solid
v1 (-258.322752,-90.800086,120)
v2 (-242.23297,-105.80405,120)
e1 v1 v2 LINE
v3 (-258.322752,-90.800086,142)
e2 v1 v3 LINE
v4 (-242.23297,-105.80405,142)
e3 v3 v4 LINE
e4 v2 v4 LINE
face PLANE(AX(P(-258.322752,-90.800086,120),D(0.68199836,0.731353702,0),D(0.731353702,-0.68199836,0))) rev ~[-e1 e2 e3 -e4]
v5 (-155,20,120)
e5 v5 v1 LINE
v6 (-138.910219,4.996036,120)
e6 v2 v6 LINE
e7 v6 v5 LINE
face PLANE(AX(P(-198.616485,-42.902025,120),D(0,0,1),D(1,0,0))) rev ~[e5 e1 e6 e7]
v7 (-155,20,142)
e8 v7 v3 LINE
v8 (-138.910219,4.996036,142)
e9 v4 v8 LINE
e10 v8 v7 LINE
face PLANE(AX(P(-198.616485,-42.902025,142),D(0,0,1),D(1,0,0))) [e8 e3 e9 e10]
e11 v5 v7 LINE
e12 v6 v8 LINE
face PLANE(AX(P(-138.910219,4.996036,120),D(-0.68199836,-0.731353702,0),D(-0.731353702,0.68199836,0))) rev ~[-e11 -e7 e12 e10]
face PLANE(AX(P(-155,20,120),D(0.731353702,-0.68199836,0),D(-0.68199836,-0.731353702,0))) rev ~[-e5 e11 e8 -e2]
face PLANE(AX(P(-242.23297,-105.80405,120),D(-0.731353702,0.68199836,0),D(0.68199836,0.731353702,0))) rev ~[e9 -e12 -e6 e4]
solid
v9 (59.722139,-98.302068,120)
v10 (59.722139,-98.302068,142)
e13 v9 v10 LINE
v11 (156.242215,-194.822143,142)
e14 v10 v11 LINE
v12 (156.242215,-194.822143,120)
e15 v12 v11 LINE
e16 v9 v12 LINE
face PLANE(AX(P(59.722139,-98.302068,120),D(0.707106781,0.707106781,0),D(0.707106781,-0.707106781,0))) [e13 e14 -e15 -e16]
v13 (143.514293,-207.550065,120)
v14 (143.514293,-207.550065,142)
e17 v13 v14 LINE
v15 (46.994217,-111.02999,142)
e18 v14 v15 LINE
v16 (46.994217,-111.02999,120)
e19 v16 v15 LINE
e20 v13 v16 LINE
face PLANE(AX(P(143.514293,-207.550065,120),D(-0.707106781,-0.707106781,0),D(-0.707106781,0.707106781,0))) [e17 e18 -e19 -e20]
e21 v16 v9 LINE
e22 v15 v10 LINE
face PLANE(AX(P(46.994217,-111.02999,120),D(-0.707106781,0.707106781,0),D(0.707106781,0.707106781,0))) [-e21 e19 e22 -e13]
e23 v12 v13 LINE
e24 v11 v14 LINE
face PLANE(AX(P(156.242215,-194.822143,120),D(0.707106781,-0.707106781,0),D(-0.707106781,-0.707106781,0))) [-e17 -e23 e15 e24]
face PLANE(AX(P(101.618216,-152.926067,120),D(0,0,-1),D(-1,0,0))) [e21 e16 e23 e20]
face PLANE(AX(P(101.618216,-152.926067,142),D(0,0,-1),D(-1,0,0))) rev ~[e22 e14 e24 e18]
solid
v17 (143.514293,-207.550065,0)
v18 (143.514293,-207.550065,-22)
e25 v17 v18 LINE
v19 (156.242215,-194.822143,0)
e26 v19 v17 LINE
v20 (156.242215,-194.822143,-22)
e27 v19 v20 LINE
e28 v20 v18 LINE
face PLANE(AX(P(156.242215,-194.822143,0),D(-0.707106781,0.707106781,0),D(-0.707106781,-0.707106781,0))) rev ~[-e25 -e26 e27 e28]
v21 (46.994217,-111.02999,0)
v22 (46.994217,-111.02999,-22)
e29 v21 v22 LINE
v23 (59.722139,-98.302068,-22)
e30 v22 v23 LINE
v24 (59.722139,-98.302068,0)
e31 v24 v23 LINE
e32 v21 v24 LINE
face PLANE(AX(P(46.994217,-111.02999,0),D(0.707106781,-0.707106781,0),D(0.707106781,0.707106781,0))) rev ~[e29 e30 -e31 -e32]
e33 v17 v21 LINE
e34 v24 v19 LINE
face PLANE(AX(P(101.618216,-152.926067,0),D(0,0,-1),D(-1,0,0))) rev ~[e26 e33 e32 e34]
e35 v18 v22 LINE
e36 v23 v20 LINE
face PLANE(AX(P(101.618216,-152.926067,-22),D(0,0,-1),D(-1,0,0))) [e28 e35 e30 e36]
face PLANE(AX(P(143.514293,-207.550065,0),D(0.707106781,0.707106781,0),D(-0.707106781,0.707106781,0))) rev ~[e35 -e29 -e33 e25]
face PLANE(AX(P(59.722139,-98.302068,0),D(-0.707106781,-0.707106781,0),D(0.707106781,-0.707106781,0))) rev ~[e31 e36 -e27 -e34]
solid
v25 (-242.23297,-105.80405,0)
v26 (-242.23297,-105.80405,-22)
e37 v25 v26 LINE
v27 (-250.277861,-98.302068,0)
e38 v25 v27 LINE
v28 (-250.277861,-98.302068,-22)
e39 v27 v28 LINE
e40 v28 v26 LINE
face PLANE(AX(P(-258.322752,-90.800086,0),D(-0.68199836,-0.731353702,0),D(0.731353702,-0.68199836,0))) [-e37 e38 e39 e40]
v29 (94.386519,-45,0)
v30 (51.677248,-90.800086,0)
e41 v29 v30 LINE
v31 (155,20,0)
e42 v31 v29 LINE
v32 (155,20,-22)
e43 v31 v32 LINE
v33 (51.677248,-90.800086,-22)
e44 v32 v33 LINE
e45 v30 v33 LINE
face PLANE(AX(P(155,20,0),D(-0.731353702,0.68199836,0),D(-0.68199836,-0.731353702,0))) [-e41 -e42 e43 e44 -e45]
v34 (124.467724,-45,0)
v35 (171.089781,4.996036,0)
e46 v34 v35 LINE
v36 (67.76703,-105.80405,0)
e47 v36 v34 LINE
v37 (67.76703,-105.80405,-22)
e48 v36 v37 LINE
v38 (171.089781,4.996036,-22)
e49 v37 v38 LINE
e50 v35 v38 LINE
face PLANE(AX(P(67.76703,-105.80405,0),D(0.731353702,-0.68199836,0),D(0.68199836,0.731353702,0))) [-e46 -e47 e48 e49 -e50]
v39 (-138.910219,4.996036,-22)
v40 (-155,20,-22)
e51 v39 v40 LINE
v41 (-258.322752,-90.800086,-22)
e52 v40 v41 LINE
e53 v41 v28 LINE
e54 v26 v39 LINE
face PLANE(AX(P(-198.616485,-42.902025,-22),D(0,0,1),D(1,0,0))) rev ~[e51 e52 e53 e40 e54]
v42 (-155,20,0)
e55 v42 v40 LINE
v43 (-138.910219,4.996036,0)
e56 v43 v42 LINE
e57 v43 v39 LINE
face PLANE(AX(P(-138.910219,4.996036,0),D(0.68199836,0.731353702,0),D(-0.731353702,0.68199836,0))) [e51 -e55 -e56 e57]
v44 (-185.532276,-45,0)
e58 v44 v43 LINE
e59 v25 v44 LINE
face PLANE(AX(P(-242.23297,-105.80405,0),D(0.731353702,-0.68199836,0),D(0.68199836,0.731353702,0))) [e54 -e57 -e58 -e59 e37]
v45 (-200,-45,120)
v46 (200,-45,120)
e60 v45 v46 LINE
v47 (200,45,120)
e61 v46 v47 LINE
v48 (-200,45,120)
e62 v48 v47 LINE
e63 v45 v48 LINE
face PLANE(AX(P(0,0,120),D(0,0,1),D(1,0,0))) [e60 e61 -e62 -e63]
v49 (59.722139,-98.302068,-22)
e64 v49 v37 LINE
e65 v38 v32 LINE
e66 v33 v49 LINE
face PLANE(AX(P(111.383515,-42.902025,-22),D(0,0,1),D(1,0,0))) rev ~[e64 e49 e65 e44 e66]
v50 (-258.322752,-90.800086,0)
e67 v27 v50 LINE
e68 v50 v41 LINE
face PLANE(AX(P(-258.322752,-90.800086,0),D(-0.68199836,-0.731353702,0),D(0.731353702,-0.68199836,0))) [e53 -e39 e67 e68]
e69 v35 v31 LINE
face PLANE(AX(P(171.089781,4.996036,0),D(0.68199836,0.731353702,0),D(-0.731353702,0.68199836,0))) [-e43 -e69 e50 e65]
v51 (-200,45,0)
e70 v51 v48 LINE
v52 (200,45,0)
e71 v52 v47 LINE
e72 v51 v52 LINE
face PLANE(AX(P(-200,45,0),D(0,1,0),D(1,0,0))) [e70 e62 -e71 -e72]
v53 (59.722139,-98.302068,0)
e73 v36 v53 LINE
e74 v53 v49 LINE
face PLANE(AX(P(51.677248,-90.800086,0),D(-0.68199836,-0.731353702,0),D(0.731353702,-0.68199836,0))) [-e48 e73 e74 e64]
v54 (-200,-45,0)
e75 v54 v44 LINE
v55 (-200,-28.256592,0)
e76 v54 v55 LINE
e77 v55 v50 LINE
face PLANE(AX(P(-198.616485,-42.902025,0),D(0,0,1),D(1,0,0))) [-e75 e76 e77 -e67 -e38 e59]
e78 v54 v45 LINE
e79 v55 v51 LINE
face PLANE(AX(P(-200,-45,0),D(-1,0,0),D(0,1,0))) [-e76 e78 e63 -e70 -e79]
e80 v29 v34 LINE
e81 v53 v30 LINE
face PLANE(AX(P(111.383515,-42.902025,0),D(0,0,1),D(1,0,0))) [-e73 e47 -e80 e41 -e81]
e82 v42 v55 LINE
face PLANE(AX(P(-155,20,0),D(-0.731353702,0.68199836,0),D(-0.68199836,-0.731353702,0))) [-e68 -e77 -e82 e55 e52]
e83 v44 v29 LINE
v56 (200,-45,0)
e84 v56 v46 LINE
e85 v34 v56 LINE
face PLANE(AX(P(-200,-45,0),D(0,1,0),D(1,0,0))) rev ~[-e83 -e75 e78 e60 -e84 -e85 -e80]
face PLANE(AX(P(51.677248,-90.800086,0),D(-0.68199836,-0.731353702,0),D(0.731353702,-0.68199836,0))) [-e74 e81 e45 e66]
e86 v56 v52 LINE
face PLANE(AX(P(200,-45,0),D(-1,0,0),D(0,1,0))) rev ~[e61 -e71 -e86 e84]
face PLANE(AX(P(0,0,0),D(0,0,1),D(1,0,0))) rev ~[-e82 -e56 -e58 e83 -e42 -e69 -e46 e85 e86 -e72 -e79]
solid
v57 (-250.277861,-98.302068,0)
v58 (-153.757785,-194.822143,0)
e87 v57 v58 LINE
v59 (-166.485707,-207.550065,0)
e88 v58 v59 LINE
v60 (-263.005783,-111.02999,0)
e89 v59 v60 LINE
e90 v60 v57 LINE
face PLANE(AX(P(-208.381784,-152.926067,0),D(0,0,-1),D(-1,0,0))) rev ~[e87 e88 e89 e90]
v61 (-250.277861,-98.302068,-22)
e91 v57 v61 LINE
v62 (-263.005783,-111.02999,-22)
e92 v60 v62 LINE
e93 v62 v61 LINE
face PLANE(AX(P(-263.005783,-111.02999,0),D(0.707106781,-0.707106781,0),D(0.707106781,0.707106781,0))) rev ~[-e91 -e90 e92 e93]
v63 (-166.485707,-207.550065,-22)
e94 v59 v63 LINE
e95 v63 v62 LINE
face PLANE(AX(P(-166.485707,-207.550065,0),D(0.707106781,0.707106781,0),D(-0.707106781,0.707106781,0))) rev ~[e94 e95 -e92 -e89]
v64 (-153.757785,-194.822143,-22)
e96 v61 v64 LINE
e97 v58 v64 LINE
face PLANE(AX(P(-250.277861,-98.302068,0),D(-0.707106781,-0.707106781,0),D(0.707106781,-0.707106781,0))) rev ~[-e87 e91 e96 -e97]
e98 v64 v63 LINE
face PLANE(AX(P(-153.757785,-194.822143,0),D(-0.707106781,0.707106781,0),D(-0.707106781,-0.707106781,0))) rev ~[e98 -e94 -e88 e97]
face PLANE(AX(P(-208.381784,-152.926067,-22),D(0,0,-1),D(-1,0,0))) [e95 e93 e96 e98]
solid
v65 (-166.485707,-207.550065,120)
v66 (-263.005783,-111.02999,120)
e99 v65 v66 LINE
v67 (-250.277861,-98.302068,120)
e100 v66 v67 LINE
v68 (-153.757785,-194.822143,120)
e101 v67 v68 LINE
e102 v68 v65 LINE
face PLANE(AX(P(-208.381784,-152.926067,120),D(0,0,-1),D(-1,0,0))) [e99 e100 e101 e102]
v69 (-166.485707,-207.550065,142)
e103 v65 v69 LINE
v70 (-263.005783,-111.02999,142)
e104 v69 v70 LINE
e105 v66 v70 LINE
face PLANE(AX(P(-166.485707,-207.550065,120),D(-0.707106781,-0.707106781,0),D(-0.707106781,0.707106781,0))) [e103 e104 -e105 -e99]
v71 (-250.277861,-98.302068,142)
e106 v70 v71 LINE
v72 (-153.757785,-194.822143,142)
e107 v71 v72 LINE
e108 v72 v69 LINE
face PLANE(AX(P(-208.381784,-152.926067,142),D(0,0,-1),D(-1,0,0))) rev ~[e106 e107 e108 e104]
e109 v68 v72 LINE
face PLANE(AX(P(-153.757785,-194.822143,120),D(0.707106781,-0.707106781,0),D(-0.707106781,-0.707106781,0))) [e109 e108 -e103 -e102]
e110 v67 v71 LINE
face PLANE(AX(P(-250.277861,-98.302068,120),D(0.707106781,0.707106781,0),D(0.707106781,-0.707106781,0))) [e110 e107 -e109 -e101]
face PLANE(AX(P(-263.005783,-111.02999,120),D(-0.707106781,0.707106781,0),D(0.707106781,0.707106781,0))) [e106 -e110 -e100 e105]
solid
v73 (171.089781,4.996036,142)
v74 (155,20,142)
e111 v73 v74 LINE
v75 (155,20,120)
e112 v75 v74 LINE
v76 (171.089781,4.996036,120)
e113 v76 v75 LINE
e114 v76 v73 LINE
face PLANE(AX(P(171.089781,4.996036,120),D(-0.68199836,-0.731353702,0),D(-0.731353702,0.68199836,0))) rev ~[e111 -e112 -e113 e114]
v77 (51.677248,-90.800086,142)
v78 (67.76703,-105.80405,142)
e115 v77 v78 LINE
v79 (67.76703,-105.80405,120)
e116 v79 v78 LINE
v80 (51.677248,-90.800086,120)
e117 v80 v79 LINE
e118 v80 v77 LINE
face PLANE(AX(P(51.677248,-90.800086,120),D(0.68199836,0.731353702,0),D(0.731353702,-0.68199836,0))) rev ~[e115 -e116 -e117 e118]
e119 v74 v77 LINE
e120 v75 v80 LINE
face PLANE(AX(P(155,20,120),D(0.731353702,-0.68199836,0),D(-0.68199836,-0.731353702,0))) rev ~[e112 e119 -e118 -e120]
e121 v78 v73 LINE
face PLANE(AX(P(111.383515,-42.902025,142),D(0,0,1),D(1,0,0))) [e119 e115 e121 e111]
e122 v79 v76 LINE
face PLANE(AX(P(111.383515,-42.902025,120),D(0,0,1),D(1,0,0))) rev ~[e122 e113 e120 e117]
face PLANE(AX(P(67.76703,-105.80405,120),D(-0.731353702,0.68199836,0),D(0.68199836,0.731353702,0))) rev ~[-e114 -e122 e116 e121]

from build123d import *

# Parameters (mm, degrees)
SKETCH1_W             = 400
SKETCH1_H             = 90
BOSS_EXTRUDE1_DEPTH   = 120
BOSS_EXTRUDE2_DEPTH   = 22
BOSS_EXTRUDE2_2_DEPTH = 22
BOSS_EXTRUDE2_3_DEPTH = 22
BOSS_EXTRUDE2_4_DEPTH = 22
BOSS_EXTRUDE3_START   = -120
BOSS_EXTRUDE3_DEPTH   = 22


with BuildPart() as part:
    # Sketch1 → Boss-Extrude1 (new body)
    with BuildSketch(Plane.XY):
        Rectangle(SKETCH1_W, SKETCH1_H)
    extrude(amount=BOSS_EXTRUDE1_DEPTH)

    # Sketch2<3> → Boss-Extrude3 (add)
    with BuildSketch(Plane.XY.offset(120).offset(BOSS_EXTRUDE3_START)):
        Polygon((-155, 20), (-258.322751549, -90.800085795), (-242.232970114, -105.804049717), (-138.910218564, 4.996036079), align=None)
        Polygon((155, 20), (51.677248451, -90.800085795), (67.767029886, -105.804049717), (171.089781436, 4.996036079), align=None)
        Polygon((-250.277860832, -98.302067756), (-153.7577852, -194.822143388), (-166.485707261, -207.550065449), (-263.005782893, -111.029989817), align=None)
        Polygon((59.722139168, -98.302067756), (156.2422148, -194.822143388), (143.514292739, -207.550065449), (46.994217107, -111.029989817), align=None)
    extrude(amount=-BOSS_EXTRUDE3_DEPTH)


with BuildPart() as body_2:
    # Sketch2 → Boss-Extrude2 (new body)
    with BuildSketch(Plane.XY.offset(120)):
        Polygon((-155, 20), (-258.322751549, -90.800085795), (-242.232970114, -105.804049717), (-138.910218564, 4.996036079), align=None)
    extrude(amount=BOSS_EXTRUDE2_DEPTH)


with BuildPart() as body_3:
    # Sketch2 → Boss-Extrude2 2 (new body)
    with BuildSketch(Plane.XY.offset(120)):
        Polygon((155, 20), (51.677248451, -90.800085795), (67.767029886, -105.804049717), (171.089781436, 4.996036079), align=None)
    extrude(amount=BOSS_EXTRUDE2_2_DEPTH)


with BuildPart() as body_4:
    # Sketch2 → Boss-Extrude2 3 (new body)
    with BuildSketch(Plane.XY.offset(120)):
        Polygon((-250.277860832, -98.302067756), (-153.7577852, -194.822143388), (-166.485707261, -207.550065449), (-263.005782893, -111.029989817), align=None)
    extrude(amount=BOSS_EXTRUDE2_3_DEPTH)


with BuildPart() as body_5:
    # Sketch2 → Boss-Extrude2 4 (new body)
    with BuildSketch(Plane.XY.offset(120)):
        Polygon((59.722139168, -98.302067756), (156.2422148, -194.822143388), (143.514292739, -207.550065449), (46.994217107, -111.029989817), align=None)
    extrude(amount=BOSS_EXTRUDE2_4_DEPTH)


solid = Compound([part.part, body_2.part, body_3.part, body_4.part, body_5.part])
